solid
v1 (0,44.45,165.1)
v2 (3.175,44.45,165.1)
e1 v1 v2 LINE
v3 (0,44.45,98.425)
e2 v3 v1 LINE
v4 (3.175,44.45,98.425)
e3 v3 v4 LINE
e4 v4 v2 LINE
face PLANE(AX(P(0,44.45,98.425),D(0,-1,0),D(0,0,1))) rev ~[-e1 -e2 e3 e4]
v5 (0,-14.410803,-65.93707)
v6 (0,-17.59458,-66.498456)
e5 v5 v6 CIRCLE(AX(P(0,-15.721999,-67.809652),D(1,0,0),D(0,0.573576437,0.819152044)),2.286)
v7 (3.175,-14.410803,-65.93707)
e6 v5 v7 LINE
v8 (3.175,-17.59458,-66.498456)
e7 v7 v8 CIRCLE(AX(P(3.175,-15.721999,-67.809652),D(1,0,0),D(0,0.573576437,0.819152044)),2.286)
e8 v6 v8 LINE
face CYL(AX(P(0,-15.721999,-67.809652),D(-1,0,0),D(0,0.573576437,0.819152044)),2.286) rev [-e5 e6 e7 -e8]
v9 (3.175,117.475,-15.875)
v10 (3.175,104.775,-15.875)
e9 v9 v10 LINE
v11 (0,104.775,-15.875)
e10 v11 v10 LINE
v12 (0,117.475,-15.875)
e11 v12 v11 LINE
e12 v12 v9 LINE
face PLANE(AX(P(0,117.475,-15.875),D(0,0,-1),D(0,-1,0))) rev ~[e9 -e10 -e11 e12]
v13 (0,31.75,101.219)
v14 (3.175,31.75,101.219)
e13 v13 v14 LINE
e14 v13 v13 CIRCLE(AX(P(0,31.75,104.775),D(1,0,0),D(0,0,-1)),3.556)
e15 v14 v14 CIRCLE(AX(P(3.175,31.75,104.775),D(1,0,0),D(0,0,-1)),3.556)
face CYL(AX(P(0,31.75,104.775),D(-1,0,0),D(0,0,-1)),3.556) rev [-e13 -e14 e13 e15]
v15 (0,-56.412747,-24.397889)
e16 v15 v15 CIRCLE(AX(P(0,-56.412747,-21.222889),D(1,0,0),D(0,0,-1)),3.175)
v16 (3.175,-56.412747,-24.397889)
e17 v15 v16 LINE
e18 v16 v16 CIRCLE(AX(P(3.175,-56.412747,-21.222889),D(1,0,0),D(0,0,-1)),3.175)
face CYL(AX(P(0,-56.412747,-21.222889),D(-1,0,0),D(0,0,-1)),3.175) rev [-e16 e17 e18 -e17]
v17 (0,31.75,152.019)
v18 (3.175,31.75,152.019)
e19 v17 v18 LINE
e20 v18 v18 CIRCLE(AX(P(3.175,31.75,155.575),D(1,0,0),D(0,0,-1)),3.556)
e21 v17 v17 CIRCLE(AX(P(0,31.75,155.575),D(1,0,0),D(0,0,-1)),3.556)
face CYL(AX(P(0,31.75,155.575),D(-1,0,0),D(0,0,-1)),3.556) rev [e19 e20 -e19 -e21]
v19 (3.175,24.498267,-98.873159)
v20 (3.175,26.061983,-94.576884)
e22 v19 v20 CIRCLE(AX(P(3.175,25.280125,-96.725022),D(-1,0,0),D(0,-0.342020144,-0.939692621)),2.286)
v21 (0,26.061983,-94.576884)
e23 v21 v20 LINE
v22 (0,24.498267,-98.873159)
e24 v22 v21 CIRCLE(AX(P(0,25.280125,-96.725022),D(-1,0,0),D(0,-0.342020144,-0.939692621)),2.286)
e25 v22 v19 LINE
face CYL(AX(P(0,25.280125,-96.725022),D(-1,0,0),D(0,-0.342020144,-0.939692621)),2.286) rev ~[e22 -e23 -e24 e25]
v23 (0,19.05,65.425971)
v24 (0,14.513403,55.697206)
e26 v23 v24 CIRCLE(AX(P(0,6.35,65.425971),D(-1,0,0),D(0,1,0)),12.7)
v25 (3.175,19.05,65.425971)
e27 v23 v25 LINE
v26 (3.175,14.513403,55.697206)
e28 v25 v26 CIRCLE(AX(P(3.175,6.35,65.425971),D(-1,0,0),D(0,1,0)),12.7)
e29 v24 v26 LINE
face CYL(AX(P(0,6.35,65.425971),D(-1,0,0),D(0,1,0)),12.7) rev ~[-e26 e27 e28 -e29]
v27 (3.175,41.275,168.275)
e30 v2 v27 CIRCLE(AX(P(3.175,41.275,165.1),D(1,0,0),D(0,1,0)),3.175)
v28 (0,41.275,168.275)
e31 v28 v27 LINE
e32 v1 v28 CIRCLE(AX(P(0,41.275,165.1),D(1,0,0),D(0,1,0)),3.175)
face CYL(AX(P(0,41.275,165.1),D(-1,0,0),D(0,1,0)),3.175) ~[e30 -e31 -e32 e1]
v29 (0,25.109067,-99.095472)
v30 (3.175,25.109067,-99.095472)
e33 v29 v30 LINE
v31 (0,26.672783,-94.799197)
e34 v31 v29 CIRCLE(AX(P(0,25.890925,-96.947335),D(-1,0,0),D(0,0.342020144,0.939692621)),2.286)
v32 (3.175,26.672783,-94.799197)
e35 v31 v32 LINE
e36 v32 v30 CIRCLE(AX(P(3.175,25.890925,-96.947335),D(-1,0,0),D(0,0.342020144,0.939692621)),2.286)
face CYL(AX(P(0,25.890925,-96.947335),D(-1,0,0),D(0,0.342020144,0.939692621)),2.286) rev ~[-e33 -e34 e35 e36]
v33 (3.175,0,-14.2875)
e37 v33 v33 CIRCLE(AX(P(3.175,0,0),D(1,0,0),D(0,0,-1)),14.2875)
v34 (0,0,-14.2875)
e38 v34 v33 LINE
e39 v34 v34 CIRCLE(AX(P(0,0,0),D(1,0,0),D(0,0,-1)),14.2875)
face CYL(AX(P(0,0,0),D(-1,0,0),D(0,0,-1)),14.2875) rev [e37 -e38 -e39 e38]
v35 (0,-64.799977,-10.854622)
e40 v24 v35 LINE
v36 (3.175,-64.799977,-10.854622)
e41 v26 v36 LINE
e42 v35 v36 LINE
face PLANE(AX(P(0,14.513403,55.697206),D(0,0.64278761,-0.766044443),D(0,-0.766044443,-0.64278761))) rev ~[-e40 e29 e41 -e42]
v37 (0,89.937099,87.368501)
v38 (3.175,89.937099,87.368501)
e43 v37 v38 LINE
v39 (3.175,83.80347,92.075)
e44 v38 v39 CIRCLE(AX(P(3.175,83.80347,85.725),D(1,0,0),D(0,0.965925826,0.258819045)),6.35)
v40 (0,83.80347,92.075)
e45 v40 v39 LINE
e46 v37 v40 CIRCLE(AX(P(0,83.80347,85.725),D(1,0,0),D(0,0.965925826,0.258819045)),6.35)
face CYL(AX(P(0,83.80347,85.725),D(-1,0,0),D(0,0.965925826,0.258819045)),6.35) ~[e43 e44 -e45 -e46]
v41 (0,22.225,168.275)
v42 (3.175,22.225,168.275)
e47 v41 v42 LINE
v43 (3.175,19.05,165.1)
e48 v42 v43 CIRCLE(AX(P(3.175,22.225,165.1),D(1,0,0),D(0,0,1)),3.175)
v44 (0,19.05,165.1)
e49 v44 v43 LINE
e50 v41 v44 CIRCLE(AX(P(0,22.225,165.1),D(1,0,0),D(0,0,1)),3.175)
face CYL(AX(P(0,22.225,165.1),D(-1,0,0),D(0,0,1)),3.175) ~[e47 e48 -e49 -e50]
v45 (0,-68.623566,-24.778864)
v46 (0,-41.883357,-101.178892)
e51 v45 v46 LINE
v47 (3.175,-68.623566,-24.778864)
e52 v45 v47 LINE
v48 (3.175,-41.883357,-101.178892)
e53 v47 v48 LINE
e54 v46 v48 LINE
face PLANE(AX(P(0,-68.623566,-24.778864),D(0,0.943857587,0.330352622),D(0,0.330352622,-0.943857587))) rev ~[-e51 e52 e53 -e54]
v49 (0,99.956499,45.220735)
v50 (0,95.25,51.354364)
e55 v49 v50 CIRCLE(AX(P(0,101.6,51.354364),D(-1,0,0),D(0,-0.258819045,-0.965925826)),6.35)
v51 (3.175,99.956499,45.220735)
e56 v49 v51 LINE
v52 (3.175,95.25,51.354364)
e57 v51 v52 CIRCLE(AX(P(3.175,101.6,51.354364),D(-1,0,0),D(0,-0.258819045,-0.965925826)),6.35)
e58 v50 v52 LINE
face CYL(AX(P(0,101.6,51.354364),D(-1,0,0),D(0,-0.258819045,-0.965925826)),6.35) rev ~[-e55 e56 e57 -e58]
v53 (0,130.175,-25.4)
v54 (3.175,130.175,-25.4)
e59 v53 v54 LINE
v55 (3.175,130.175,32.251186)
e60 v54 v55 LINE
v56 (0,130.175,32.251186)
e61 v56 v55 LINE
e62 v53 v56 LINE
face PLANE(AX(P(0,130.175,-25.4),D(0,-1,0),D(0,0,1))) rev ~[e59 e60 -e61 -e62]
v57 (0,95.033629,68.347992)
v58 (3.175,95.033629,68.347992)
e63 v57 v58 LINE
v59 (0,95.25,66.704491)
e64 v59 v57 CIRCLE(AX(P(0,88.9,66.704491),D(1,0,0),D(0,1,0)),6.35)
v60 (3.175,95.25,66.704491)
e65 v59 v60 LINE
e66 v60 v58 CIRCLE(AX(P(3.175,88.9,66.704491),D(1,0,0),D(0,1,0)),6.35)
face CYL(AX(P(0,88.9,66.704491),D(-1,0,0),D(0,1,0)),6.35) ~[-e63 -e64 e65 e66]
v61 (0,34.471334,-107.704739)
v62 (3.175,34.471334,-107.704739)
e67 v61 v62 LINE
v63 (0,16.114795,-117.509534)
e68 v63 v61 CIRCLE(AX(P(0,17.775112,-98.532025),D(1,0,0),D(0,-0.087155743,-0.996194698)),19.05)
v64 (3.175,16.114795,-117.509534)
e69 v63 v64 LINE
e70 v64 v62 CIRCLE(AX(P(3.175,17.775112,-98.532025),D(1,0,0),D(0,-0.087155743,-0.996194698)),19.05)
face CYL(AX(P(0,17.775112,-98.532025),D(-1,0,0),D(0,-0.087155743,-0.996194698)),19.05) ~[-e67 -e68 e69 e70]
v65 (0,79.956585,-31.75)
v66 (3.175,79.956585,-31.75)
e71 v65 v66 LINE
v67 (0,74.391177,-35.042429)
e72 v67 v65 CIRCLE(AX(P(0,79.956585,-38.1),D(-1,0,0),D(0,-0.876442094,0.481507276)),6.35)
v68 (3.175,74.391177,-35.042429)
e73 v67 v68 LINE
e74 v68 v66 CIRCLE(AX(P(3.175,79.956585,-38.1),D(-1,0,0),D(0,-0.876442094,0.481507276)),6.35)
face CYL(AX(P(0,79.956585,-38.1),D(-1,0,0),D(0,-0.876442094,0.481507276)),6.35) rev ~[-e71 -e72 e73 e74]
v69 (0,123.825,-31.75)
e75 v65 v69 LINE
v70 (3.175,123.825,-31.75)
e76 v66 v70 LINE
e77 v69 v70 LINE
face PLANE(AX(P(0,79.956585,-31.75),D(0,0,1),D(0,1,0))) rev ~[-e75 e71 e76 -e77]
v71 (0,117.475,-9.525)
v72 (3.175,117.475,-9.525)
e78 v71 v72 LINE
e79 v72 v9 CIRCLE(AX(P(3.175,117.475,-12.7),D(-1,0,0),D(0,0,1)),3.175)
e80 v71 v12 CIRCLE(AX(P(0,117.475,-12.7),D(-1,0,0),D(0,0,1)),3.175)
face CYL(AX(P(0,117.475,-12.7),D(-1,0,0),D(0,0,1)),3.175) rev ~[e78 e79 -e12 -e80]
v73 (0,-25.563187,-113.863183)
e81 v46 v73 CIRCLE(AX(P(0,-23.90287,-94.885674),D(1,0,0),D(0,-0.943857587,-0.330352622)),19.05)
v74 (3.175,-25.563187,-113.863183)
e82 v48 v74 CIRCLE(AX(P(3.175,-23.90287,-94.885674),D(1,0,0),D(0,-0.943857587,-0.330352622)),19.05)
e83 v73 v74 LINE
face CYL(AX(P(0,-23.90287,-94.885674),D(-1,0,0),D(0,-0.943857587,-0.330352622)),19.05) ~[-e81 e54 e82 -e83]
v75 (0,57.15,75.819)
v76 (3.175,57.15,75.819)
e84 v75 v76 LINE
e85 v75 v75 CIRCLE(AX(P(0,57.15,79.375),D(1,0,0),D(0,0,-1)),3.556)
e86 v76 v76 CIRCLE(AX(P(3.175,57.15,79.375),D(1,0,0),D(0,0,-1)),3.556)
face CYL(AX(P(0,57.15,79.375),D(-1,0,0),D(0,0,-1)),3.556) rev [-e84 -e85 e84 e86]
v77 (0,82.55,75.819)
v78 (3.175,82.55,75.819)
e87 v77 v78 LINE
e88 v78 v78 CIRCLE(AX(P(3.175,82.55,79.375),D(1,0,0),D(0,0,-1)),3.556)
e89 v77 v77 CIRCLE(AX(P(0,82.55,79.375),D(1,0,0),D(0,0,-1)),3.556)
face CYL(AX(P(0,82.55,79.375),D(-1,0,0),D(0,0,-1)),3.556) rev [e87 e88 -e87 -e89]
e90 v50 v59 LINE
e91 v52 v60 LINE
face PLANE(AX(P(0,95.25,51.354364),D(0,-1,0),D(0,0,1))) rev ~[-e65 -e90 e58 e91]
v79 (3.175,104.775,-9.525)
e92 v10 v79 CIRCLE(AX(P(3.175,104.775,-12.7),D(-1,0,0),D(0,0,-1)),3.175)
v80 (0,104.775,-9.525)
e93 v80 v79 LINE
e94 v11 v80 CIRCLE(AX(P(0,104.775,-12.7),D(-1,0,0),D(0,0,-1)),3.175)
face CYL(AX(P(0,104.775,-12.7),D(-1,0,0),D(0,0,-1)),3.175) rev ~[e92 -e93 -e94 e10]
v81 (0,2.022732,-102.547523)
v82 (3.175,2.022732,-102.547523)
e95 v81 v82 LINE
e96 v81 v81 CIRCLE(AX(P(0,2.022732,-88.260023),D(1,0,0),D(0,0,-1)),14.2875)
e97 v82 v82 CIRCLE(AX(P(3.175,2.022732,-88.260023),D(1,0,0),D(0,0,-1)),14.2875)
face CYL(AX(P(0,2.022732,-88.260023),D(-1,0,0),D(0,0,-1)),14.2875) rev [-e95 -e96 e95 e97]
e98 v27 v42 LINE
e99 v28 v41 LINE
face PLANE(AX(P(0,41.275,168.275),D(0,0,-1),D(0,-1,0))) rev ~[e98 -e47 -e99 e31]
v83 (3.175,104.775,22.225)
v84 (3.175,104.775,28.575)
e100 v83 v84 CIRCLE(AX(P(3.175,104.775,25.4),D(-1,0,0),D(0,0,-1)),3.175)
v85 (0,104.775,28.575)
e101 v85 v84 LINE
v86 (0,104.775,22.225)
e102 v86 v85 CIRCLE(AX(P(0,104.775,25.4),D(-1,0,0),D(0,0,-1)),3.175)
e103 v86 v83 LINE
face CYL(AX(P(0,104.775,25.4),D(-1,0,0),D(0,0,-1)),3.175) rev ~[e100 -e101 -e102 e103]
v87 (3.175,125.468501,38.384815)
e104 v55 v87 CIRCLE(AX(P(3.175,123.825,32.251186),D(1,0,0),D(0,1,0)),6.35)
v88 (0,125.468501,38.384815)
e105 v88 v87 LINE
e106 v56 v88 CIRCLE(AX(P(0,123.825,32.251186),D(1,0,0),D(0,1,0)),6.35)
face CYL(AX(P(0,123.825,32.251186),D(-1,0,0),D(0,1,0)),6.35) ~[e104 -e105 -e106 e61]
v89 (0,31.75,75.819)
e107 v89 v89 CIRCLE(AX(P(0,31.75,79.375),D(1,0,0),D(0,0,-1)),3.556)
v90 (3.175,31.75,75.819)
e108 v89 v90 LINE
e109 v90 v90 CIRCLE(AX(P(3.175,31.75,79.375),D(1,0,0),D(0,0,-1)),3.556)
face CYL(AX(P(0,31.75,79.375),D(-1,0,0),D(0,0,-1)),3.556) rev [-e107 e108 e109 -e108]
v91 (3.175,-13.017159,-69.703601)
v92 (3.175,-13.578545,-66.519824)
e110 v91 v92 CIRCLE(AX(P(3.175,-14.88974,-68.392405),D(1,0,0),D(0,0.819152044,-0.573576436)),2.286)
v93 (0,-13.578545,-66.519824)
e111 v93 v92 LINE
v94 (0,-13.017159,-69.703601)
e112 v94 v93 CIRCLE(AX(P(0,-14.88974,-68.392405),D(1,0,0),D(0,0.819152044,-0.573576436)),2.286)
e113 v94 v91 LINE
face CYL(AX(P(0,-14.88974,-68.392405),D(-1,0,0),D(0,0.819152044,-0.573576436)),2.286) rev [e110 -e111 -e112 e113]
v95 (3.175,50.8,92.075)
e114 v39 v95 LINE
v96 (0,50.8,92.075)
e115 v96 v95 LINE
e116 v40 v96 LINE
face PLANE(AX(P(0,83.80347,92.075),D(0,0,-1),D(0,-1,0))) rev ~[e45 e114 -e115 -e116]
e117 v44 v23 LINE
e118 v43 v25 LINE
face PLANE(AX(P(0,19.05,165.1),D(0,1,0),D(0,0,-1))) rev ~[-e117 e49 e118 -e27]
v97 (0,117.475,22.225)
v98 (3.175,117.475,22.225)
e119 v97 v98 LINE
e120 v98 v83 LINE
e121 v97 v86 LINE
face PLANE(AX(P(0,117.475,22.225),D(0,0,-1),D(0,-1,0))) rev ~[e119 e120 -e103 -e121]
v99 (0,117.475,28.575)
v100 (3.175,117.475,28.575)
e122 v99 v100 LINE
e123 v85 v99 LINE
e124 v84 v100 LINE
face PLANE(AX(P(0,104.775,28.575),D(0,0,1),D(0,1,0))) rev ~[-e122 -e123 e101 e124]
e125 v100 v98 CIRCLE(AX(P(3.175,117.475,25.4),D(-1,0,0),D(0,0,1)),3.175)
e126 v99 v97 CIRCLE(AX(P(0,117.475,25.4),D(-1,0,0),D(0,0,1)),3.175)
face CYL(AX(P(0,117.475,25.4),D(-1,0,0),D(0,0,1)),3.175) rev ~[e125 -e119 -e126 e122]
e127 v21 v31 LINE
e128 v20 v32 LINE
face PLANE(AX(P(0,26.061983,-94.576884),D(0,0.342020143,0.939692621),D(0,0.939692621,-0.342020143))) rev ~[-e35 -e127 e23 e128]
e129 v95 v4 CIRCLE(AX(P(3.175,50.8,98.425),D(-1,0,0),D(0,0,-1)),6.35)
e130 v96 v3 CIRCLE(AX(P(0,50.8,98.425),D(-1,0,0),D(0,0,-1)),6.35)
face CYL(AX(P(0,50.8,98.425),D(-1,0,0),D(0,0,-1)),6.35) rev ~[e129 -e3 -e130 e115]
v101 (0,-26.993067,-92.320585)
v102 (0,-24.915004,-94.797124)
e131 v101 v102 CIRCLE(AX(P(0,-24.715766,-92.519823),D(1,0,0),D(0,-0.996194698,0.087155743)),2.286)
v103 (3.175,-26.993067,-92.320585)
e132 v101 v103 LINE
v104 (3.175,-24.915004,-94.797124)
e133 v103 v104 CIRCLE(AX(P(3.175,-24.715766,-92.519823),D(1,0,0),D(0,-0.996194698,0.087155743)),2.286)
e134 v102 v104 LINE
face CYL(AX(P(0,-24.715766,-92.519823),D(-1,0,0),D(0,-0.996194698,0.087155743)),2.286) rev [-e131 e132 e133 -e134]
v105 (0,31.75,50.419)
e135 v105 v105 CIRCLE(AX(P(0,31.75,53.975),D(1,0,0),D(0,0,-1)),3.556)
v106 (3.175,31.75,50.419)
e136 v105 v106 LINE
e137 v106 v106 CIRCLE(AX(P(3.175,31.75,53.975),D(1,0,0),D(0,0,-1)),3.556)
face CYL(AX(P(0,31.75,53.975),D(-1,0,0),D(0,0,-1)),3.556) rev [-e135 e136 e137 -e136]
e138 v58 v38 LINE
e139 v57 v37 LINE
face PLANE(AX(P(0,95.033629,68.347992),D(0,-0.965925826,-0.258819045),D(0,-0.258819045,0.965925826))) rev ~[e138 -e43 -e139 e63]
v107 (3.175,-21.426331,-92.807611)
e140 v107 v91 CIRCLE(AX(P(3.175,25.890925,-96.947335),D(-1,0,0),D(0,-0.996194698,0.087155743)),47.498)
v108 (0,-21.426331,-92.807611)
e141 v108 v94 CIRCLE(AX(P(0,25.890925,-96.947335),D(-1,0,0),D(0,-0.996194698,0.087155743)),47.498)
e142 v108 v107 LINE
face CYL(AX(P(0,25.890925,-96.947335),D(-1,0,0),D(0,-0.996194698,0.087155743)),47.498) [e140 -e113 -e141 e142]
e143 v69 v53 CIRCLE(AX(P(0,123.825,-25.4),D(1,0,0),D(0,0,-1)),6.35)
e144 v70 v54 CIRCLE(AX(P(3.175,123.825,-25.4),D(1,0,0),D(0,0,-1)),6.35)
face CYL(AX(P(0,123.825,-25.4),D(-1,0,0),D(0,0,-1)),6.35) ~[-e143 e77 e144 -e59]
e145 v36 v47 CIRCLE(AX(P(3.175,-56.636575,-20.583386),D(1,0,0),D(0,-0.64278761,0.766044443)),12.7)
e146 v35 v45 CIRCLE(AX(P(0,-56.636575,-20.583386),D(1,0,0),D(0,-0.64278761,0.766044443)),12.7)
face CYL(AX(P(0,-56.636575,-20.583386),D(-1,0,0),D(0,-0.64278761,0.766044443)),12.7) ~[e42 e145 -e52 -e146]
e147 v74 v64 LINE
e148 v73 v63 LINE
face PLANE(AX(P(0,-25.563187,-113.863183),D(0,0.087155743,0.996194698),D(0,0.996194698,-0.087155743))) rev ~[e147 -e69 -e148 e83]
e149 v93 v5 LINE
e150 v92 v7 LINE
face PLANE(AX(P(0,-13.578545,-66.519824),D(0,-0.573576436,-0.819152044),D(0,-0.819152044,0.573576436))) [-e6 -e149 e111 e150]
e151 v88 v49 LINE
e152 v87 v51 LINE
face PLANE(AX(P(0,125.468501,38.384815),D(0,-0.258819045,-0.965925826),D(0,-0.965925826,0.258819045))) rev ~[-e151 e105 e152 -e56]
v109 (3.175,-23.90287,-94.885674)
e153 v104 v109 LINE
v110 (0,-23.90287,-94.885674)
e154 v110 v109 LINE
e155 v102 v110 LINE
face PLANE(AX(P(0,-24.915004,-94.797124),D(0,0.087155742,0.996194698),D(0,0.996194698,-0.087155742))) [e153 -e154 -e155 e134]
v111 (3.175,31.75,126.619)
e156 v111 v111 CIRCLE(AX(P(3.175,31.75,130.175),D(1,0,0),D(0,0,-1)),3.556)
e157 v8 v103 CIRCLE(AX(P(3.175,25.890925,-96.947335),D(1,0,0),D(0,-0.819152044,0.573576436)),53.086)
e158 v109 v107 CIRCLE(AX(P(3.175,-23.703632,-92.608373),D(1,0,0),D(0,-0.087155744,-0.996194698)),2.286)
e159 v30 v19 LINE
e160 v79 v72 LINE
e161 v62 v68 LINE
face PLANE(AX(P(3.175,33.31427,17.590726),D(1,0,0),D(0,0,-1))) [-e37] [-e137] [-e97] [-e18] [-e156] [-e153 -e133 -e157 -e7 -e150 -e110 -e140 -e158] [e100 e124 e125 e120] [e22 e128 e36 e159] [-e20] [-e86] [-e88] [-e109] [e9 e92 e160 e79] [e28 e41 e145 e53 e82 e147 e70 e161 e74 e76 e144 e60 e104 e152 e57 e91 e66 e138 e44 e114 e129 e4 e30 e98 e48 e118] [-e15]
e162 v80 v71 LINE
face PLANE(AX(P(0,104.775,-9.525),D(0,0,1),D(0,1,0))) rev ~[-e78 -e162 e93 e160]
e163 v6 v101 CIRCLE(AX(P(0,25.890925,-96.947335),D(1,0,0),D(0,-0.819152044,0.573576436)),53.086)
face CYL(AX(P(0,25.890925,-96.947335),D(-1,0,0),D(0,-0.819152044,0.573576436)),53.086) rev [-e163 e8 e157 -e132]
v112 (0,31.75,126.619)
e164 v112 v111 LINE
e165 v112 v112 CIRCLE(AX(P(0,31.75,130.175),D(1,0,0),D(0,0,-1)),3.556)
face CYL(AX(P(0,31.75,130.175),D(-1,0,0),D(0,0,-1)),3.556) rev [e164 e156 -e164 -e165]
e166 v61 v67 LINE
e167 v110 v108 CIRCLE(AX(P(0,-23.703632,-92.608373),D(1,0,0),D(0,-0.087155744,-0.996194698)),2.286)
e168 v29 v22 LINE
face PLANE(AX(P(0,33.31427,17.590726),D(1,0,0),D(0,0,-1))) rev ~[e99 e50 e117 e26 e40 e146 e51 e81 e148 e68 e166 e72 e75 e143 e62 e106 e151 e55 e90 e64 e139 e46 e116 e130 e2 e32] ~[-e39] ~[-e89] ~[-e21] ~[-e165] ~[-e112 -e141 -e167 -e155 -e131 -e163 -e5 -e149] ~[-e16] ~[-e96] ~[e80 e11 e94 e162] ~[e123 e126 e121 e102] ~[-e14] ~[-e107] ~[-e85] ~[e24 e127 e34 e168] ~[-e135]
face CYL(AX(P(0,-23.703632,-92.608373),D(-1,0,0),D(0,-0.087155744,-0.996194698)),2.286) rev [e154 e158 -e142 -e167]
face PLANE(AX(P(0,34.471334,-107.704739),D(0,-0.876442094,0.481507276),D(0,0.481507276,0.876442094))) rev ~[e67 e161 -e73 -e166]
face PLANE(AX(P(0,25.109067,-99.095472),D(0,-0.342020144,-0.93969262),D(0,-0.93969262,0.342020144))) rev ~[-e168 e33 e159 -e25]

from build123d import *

# Parameters (mm, degrees)
SKETCH2_R           = 14.2875
SKETCH2_R_2         = 3.556
SKETCH2_R_3         = 3.175
BOSS_EXTRUDE1_DEPTH = 3.175


with BuildPart() as part:
    # Sketch2 → Boss-Extrude1 (new body)
    with BuildSketch(Plane(origin=(0, 0, 0), x_dir=(0, 0, -1), z_dir=(1, 0, 0))):
        with BuildLine():
            Line((-165.1, 19.05), (-65.425970741, 19.05))
            ThreePointArc((-65.425970741, 19.05), (-60.058718817, 17.860108895), (-55.697206313, 14.513402643))
            Line((-55.697206313, 14.513402643), (10.854621695, -64.799977479))
            ThreePointArc((10.854621695, -64.799977479), (17.220460091, -68.883236769), (24.778864428, -68.623566193))
            Line((24.778864428, -68.623566193), (101.178891774, -41.883356934))
            ThreePointArc((101.178891774, -41.883356934), (109.926930654, -35.593169628), (113.863183314, -25.563186798))
            Line((113.863183314, -25.563186798), (117.509534259, 16.114795214))
            ThreePointArc((117.509534259, 16.114795214), (115.335280515, 26.750250711), (107.704738864, 34.471333996))
            Line((107.704738864, 34.471333996), (35.042428799, 74.391177223))
            ThreePointArc((35.042428799, 74.391177223), (32.634742589, 76.723403199), (31.75, 79.956584517))
            Line((31.75, 79.956584517), (31.75, 123.825))
            ThreePointArc((31.75, 123.825), (29.890128061, 128.315128061), (25.4, 130.175))
            Line((25.4, 130.175), (-32.251185784, 130.175))
            ThreePointArc((-32.251185784, 130.175), (-36.116820858, 128.862793711), (-38.384814781, 125.468500936))
            Line((-38.384814781, 125.468500936), (-45.22073508, 99.956499064))
            ThreePointArc((-45.22073508, 99.956499064), (-47.488729003, 96.562206289), (-51.354364077, 95.25))
            Line((-51.354364077, 95.25), (-66.704490653, 95.25))
            ThreePointArc((-66.704490653, 95.25), (-67.533331973, 95.19567487), (-68.347991589, 95.033628997))
            Line((-68.347991589, 95.033628997), (-87.368500936, 89.937098878))
            ThreePointArc((-87.368500936, 89.937098878), (-90.762793711, 87.669104955), (-92.075, 83.803469881))
            Line((-92.075, 83.803469881), (-92.075, 50.8))
            ThreePointArc((-92.075, 50.8), (-93.934871939, 46.309871939), (-98.425, 44.45))
            Line((-98.425, 44.45), (-165.1, 44.45))
            ThreePointArc((-165.1, 44.45), (-167.34506403, 43.52006403), (-168.275, 41.275))
            Line((-168.275, 41.275), (-168.275, 22.225))
            ThreePointArc((-168.275, 22.225), (-167.34506403, 19.97993597), (-165.1, 19.05))
        make_face()
        Circle(SKETCH2_R, mode=Mode.SUBTRACT)
        with Locations((-53.975, 31.75)):
            Circle(SKETCH2_R_2, mode=Mode.SUBTRACT)
        with Locations((-79.375, 31.75)):
            Circle(SKETCH2_R_2, mode=Mode.SUBTRACT)
        with Locations((-104.775, 31.75)):
            Circle(SKETCH2_R_2, mode=Mode.SUBTRACT)
        with Locations((-130.175, 31.75)):
            Circle(SKETCH2_R_2, mode=Mode.SUBTRACT)
        with Locations((-155.575, 31.75)):
            Circle(SKETCH2_R_2, mode=Mode.SUBTRACT)
        with Locations((88.260023092, 2.022732411)):
            Circle(SKETCH2_R, mode=Mode.SUBTRACT)
        with Locations((-79.375, 57.15)):
            Circle(SKETCH2_R_2, mode=Mode.SUBTRACT)
        with Locations((-79.375, 82.55)):
            Circle(SKETCH2_R_2, mode=Mode.SUBTRACT)
        with Locations((21.222889041, -56.412747143)):
            Circle(SKETCH2_R_3, mode=Mode.SUBTRACT)
        with BuildLine():
            Line((94.576884308, 26.061982823), (94.799197401, 26.672783027))
            ThreePointArc((94.799197401, 26.672783027), (97.72919278, 28.03906231), (99.095472064, 25.109066932))
            Line((99.095472064, 25.109066932), (98.87315897, 24.498266728))
            ThreePointArc((98.87315897, 24.498266728), (95.943163592, 23.131987445), (94.576884308, 26.061982823))
        make_face(mode=Mode.SUBTRACT)
        with BuildLine():
            Line((66.519823852, -13.57854466), (65.937070193, -14.410803137))
            ThreePointArc((65.937070193, -14.410803137), (65.558381242, -16.118958605), (66.498456032, -17.594580444))
            ThreePointArc((66.498456032, -17.594580444), (78.790853404, -23.993597488), (92.320584973, -26.993066764))
            ThreePointArc((92.320584973, -26.993066764), (93.989235477, -26.466943281), (94.797124081, -24.915003712))
            Line((94.797124081, -24.915003712), (94.885674315, -23.902869899))
            ThreePointArc((94.885674315, -23.902869899), (94.359550833, -22.234219395), (92.807611263, -21.426330791))
            ThreePointArc((92.807611263, -21.426330791), (80.702061965, -18.742595123), (69.703601159, -13.01715882))
            ThreePointArc((69.703601159, -13.01715882), (67.995445691, -12.63846987), (66.519823852, -13.57854466))
        make_face(mode=Mode.SUBTRACT)
        with BuildLine():
            Line((-22.225, 117.475), (-22.225, 104.775))
            ThreePointArc((-22.225, 104.775), (-25.4, 101.6), (-28.575, 104.775))
            Line((-28.575, 104.775), (-28.575, 117.475))
            ThreePointArc((-28.575, 117.475), (-25.4, 120.65), (-22.225, 117.475))
        make_face(mode=Mode.SUBTRACT)
        with BuildLine():
            Line((15.875, 117.475), (15.875, 104.775))
            ThreePointArc((15.875, 104.775), (12.7, 101.6), (9.525, 104.775))
            Line((9.525, 104.775), (9.525, 117.475))
            ThreePointArc((9.525, 117.475), (12.7, 120.65), (15.875, 117.475))
        make_face(mode=Mode.SUBTRACT)
    extrude(amount=BOSS_EXTRUDE1_DEPTH)


solid = part.part
